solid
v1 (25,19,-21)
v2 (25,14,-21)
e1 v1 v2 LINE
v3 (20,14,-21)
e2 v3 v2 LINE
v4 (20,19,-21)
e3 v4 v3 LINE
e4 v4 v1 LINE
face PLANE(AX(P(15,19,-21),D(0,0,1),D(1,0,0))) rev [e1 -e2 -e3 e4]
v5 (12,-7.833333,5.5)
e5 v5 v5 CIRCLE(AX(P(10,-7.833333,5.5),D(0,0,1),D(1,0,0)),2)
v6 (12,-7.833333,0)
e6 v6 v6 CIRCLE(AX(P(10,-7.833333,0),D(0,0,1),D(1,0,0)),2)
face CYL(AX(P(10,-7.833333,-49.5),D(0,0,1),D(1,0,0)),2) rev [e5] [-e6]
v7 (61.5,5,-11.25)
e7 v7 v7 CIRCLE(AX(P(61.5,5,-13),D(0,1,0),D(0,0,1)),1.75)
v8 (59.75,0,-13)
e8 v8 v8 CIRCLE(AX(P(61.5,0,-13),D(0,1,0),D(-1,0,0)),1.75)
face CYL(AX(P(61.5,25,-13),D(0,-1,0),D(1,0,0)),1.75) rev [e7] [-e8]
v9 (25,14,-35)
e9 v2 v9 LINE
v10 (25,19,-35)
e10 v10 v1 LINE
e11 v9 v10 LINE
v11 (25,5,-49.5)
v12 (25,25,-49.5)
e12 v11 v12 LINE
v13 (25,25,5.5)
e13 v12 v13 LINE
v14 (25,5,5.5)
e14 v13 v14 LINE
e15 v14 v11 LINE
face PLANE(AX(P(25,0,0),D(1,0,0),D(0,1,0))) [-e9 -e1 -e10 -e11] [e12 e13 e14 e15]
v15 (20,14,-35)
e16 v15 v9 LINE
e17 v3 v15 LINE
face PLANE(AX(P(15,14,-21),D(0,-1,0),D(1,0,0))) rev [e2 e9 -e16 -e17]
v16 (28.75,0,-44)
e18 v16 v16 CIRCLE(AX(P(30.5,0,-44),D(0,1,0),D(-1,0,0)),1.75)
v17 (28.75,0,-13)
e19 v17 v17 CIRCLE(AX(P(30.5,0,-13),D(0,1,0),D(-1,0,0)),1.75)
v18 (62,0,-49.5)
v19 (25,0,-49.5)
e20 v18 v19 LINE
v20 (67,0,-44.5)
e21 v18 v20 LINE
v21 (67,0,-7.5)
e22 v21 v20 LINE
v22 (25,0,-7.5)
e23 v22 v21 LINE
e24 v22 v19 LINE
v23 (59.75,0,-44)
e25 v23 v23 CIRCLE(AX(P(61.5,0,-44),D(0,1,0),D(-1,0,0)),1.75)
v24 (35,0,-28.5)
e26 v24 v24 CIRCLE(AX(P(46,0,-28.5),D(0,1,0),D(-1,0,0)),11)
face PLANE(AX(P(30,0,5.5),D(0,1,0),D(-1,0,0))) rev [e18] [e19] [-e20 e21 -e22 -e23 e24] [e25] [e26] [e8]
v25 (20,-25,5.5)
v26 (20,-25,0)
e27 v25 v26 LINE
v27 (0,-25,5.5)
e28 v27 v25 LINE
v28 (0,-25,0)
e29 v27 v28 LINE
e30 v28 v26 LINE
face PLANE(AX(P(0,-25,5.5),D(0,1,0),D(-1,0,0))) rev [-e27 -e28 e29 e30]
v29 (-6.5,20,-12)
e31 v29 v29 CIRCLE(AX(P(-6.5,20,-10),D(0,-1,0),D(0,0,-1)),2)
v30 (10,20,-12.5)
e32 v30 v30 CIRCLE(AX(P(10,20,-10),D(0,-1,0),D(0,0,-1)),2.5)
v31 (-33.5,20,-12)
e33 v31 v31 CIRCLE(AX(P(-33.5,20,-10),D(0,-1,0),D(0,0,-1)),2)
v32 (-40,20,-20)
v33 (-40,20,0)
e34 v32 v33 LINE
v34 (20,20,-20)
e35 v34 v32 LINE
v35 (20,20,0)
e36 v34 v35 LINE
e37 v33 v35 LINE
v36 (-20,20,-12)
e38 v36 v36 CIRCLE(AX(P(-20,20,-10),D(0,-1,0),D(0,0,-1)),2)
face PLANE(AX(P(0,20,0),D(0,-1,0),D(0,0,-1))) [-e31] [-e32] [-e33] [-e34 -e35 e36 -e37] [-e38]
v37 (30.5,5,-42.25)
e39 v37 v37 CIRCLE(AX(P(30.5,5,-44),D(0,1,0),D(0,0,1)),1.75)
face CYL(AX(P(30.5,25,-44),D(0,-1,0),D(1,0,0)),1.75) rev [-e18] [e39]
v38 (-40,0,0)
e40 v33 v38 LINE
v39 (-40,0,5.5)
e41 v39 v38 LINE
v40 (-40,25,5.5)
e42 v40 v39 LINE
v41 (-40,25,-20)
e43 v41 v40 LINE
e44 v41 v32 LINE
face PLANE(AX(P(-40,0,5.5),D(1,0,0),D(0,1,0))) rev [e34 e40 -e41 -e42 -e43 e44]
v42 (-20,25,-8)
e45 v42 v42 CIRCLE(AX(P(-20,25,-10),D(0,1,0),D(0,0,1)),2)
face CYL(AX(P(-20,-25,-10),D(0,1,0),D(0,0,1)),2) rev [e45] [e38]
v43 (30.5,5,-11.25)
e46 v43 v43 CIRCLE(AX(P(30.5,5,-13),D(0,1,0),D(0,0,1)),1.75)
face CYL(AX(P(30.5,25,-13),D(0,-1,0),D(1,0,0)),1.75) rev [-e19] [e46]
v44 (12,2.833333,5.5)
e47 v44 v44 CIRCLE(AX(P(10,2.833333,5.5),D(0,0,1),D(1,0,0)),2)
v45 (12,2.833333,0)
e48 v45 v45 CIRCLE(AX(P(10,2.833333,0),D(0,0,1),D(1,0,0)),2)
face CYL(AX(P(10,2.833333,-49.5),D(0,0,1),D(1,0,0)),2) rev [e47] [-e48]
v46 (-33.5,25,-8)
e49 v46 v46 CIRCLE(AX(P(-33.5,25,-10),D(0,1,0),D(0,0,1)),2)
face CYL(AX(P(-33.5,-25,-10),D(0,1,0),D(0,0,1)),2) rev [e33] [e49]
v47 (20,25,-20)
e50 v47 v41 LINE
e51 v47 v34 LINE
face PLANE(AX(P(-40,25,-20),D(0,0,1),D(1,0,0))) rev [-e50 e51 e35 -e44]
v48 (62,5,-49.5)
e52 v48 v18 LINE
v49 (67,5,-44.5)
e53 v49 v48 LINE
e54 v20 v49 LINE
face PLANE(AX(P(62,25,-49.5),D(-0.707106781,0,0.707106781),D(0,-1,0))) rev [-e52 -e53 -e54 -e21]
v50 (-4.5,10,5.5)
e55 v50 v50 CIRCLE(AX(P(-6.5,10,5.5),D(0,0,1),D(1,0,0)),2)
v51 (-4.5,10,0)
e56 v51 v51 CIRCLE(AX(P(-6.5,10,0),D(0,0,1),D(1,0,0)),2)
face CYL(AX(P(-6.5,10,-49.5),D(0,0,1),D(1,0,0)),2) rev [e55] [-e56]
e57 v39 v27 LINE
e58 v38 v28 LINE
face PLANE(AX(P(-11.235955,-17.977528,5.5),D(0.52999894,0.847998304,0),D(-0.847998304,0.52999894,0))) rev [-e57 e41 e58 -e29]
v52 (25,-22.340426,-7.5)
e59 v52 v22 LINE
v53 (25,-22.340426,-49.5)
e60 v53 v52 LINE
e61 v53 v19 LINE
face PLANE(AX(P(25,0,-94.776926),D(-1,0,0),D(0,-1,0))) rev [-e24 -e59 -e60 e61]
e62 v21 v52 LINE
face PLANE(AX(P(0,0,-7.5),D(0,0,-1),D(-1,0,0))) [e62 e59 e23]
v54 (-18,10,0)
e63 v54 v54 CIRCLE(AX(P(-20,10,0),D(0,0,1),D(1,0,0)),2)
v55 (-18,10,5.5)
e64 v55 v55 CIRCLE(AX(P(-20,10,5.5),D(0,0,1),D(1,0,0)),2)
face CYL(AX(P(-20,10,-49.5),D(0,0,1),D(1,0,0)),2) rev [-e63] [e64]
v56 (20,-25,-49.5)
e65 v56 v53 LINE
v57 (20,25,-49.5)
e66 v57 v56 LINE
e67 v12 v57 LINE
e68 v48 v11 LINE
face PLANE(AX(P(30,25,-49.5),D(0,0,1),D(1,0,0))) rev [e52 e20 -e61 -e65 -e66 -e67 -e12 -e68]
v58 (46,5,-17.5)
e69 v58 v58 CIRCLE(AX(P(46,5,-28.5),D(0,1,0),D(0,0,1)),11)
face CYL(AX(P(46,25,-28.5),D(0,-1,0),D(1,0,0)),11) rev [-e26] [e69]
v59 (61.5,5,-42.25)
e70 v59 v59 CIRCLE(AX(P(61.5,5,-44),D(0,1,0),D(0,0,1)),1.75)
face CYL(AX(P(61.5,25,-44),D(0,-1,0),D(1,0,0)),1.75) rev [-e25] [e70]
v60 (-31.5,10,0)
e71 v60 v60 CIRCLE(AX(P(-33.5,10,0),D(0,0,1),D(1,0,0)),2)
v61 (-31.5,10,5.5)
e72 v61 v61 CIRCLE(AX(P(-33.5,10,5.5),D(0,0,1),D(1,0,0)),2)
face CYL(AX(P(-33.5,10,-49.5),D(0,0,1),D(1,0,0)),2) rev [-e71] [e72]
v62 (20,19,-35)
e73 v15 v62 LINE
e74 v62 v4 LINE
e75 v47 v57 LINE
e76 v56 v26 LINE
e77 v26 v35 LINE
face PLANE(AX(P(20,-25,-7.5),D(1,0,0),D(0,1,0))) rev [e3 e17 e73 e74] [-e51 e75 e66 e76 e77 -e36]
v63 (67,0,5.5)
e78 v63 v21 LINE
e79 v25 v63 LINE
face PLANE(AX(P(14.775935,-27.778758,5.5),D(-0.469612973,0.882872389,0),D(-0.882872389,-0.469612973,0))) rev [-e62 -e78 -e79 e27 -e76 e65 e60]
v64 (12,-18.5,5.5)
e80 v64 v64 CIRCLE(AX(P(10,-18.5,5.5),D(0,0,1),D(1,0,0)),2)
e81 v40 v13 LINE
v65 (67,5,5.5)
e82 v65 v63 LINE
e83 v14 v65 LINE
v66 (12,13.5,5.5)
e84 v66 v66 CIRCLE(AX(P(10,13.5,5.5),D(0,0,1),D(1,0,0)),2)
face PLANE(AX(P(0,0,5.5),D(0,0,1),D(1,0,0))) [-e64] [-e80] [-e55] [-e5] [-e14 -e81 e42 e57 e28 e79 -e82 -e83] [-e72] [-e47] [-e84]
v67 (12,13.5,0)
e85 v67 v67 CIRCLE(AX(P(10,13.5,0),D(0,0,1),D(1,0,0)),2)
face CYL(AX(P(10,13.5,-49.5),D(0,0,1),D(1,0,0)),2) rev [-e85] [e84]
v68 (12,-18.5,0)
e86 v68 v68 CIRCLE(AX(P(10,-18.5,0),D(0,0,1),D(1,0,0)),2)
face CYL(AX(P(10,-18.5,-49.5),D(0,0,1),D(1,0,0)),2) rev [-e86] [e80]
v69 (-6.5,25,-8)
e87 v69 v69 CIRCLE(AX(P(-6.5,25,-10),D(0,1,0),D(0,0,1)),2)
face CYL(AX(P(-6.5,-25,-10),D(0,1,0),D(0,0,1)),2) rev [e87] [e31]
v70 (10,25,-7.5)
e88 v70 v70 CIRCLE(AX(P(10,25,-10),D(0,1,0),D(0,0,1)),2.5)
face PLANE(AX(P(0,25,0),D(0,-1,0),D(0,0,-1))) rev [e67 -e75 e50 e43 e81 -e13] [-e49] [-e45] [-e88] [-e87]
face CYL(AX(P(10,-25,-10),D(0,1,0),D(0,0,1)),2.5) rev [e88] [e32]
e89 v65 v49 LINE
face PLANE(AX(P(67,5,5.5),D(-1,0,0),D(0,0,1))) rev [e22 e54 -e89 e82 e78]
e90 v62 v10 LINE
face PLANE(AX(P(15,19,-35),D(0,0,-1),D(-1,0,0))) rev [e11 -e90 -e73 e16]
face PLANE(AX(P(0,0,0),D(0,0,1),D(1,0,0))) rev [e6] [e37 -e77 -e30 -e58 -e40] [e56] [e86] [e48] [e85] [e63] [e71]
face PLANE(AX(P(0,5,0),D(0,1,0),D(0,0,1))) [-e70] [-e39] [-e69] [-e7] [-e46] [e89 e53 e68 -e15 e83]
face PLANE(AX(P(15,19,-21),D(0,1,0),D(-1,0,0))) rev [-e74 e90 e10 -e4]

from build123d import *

# Parameters (mm, degrees)
BOSS_EXTRUDE1_DEPTH     = 5.5
SKETCH2_W               = 65
SKETCH2_H               = 25.5
BOSS_EXTRUDE2_DEPTH     = 5
SKETCH3_W               = 55
SKETCH3_H               = 25
BOSS_EXTRUDE3_DEPTH     = 5
SKETCH4_W               = 42
SKETCH4_H               = 55
BOSS_EXTRUDE4_DEPTH     = 5
BOSS_EXTRUDE6_DEPTH     = 7.5
BOSS_EXTRUDE7_DEPTH     = 42
SKETCH7_W               = 5
SKETCH7_H               = 29.5
BOSS_EXTRUDE8_DEPTH     = 5
SKETCH8_W               = 55
SKETCH8_H               = 20
CUT_EXTRUDE1_DEPTH      = 5
SKETCH9_R               = 2.5
SKETCH9_R_2             = 2
CUT_EXTRUDE2_DEPTH      = 98.155802709
SKETCH10_R              = 2
CUT_EXTRUDE3_DEPTH      = 91.21640649
CUT_EXTRUDE4_DEPTH      = 87.972696865
CUT_EXTRUDE4_DEPTH_BACK = 87.972696865
SKETCH11_R              = 1.75
SKETCH11_R_2            = 11
CHAMFER1_SIZE           = 5
SKETCH12_W              = 14
SKETCH12_H              = 5
CUT_EXTRUDE5_DEPTH      = 10


with BuildPart() as part:
    # Sketch1 → Boss-Extrude1 (new body)
    with BuildSketch(Plane.XY):
        Polygon((-40, 20), (-40, 0), (0, -25), (20, -25), (67, 0), (25, 0), (25, 20), align=None)
    extrude(amount=BOSS_EXTRUDE1_DEPTH)

    # Sketch2 → Boss-Extrude2 (add)
    with BuildSketch(Plane(origin=(0, 20, 0), x_dir=(1, 0, 0), z_dir=(0, 1, 0))):
        with Locations((-7.5, 7.25)):
            Rectangle(SKETCH2_W, SKETCH2_H)
    extrude(amount=BOSS_EXTRUDE2_DEPTH)

    # Sketch3 → Boss-Extrude3 (add)
    with BuildSketch(Plane(origin=(25, 0, 0), x_dir=(0, 0, -1), z_dir=(1, 0, 0))):
        with Locations((22, 12.5)):
            Rectangle(SKETCH3_W, SKETCH3_H)
    extrude(amount=BOSS_EXTRUDE3_DEPTH)

    # Sketch4 → Boss-Extrude4 (add)
    with BuildSketch(Plane(origin=(0, 0, 0), x_dir=(1, 0, 0), z_dir=(0, 1, 0))):
        with Locations((46, 22)):
            Rectangle(SKETCH4_W, SKETCH4_H)
    extrude(amount=BOSS_EXTRUDE4_DEPTH)

    # Sketch5 → Boss-Extrude6 (add)
    with BuildSketch(Plane(origin=(0, 0, 0), x_dir=(-1, 0, 0), z_dir=(0, 0, -1))):
        Polygon((-20, -25), (-20, 20), (-25, 20), (-25, 0), (-67, 0), align=None)
    extrude(amount=BOSS_EXTRUDE6_DEPTH)

    # Sketch6 → Boss-Extrude7 (add)
    with BuildSketch(Plane(origin=(0, 0, -7.5), x_dir=(-1, 0, 0), z_dir=(0, 0, -1))):
        Polygon((-25, 0), (-25, -22.340425532), (-20, -25), (-20, 20), (-25, 20), align=None)
    extrude(amount=BOSS_EXTRUDE7_DEPTH)

    # Sketch7 → Boss-Extrude8 (add)
    with BuildSketch(Plane(origin=(0, 20, 0), x_dir=(1, 0, 0), z_dir=(0, 1, 0))):
        with Locations((22.5, 34.75)):
            Rectangle(SKETCH7_W, SKETCH7_H)
    extrude(amount=BOSS_EXTRUDE8_DEPTH)

    # Sketch8 → Cut-Extrude1 (cut)
    with BuildSketch(Plane(origin=(30, 0, 0), x_dir=(0, 0, -1), z_dir=(1, 0, 0))):
        with Locations((22, 15)):
            Rectangle(SKETCH8_W, SKETCH8_H)
    extrude(amount=-CUT_EXTRUDE1_DEPTH, mode=Mode.SUBTRACT)

    # Sketch9 → Cut-Extrude2 (cut, through all)
    with BuildSketch(Plane(origin=(0, 25, 0), x_dir=(1, 0, 0), z_dir=(0, 1, 0))):
        with Locations(Location((10, 10, 0), (0, 0, 270))):
            Circle(SKETCH9_R)
        with Locations(Location((-33.5, 10, 0), (0, 0, 270))):
            Circle(SKETCH9_R_2)
        with Locations(Location((-20, 10, 0), (0, 0, 270))):
            Circle(SKETCH9_R_2)
        with Locations(Location((-6.5, 10, 0), (0, 0, 270))):
            Circle(SKETCH9_R_2)
    extrude(amount=-CUT_EXTRUDE2_DEPTH, mode=Mode.SUBTRACT)

    # Sketch10 → Cut-Extrude3 (cut, through all)
    with BuildSketch(Plane.XY.offset(5.5)):
        with Locations((-33.5, 10)):
            Circle(SKETCH10_R)
        with Locations((-20, 10)):
            Circle(SKETCH10_R)
        with Locations((-6.5, 10)):
            Circle(SKETCH10_R)
        with Locations((10, -18.5)):
            Circle(SKETCH10_R)
        with Locations((10, -7.833333333)):
            Circle(SKETCH10_R)
        with Locations((10, 2.833333333)):
            Circle(SKETCH10_R)
        with Locations((10, 13.5)):
            Circle(SKETCH10_R)
    extrude(amount=-CUT_EXTRUDE3_DEPTH, mode=Mode.SUBTRACT)

    # Sketch11 → Cut-Extrude4 (cut, two sides: drawn at the far end of the back side and taken through both)
    with BuildSketch(Plane.XZ.offset(-CUT_EXTRUDE4_DEPTH_BACK)):
        with Locations(Location((61.5, -44, 0), (0, 0, 90))):
            Circle(SKETCH11_R)
        with Locations(Location((61.5, -13, 0), (0, 0, 90))):
            Circle(SKETCH11_R)
        with Locations(Location((30.5, -13, 0), (0, 0, 90))):
            Circle(SKETCH11_R)
        with Locations(Location((30.5, -44, 0), (0, 0, 90))):
            Circle(SKETCH11_R)
        with Locations(Location((46, -28.5, 0), (0, 0, 90))):
            Circle(SKETCH11_R_2)
    extrude(amount=CUT_EXTRUDE4_DEPTH + CUT_EXTRUDE4_DEPTH_BACK, mode=Mode.SUBTRACT)

    # Chamfer1
    chamfer1_edges = [part.edges().sort_by_distance(p)[0] for p in [
        (67, 2.5, -49.5),
    ]]
    chamfer(chamfer1_edges, length=CHAMFER1_SIZE)

    # Sketch12 → Cut-Extrude5 (cut)
    with BuildSketch(Plane(origin=(25, 0, 0), x_dir=(0, 0, -1), z_dir=(1, 0, 0))):
        with Locations((28, 16.5)):
            Rectangle(SKETCH12_W, SKETCH12_H)
    extrude(amount=-CUT_EXTRUDE5_DEPTH, mode=Mode.SUBTRACT)


solid = part.part
